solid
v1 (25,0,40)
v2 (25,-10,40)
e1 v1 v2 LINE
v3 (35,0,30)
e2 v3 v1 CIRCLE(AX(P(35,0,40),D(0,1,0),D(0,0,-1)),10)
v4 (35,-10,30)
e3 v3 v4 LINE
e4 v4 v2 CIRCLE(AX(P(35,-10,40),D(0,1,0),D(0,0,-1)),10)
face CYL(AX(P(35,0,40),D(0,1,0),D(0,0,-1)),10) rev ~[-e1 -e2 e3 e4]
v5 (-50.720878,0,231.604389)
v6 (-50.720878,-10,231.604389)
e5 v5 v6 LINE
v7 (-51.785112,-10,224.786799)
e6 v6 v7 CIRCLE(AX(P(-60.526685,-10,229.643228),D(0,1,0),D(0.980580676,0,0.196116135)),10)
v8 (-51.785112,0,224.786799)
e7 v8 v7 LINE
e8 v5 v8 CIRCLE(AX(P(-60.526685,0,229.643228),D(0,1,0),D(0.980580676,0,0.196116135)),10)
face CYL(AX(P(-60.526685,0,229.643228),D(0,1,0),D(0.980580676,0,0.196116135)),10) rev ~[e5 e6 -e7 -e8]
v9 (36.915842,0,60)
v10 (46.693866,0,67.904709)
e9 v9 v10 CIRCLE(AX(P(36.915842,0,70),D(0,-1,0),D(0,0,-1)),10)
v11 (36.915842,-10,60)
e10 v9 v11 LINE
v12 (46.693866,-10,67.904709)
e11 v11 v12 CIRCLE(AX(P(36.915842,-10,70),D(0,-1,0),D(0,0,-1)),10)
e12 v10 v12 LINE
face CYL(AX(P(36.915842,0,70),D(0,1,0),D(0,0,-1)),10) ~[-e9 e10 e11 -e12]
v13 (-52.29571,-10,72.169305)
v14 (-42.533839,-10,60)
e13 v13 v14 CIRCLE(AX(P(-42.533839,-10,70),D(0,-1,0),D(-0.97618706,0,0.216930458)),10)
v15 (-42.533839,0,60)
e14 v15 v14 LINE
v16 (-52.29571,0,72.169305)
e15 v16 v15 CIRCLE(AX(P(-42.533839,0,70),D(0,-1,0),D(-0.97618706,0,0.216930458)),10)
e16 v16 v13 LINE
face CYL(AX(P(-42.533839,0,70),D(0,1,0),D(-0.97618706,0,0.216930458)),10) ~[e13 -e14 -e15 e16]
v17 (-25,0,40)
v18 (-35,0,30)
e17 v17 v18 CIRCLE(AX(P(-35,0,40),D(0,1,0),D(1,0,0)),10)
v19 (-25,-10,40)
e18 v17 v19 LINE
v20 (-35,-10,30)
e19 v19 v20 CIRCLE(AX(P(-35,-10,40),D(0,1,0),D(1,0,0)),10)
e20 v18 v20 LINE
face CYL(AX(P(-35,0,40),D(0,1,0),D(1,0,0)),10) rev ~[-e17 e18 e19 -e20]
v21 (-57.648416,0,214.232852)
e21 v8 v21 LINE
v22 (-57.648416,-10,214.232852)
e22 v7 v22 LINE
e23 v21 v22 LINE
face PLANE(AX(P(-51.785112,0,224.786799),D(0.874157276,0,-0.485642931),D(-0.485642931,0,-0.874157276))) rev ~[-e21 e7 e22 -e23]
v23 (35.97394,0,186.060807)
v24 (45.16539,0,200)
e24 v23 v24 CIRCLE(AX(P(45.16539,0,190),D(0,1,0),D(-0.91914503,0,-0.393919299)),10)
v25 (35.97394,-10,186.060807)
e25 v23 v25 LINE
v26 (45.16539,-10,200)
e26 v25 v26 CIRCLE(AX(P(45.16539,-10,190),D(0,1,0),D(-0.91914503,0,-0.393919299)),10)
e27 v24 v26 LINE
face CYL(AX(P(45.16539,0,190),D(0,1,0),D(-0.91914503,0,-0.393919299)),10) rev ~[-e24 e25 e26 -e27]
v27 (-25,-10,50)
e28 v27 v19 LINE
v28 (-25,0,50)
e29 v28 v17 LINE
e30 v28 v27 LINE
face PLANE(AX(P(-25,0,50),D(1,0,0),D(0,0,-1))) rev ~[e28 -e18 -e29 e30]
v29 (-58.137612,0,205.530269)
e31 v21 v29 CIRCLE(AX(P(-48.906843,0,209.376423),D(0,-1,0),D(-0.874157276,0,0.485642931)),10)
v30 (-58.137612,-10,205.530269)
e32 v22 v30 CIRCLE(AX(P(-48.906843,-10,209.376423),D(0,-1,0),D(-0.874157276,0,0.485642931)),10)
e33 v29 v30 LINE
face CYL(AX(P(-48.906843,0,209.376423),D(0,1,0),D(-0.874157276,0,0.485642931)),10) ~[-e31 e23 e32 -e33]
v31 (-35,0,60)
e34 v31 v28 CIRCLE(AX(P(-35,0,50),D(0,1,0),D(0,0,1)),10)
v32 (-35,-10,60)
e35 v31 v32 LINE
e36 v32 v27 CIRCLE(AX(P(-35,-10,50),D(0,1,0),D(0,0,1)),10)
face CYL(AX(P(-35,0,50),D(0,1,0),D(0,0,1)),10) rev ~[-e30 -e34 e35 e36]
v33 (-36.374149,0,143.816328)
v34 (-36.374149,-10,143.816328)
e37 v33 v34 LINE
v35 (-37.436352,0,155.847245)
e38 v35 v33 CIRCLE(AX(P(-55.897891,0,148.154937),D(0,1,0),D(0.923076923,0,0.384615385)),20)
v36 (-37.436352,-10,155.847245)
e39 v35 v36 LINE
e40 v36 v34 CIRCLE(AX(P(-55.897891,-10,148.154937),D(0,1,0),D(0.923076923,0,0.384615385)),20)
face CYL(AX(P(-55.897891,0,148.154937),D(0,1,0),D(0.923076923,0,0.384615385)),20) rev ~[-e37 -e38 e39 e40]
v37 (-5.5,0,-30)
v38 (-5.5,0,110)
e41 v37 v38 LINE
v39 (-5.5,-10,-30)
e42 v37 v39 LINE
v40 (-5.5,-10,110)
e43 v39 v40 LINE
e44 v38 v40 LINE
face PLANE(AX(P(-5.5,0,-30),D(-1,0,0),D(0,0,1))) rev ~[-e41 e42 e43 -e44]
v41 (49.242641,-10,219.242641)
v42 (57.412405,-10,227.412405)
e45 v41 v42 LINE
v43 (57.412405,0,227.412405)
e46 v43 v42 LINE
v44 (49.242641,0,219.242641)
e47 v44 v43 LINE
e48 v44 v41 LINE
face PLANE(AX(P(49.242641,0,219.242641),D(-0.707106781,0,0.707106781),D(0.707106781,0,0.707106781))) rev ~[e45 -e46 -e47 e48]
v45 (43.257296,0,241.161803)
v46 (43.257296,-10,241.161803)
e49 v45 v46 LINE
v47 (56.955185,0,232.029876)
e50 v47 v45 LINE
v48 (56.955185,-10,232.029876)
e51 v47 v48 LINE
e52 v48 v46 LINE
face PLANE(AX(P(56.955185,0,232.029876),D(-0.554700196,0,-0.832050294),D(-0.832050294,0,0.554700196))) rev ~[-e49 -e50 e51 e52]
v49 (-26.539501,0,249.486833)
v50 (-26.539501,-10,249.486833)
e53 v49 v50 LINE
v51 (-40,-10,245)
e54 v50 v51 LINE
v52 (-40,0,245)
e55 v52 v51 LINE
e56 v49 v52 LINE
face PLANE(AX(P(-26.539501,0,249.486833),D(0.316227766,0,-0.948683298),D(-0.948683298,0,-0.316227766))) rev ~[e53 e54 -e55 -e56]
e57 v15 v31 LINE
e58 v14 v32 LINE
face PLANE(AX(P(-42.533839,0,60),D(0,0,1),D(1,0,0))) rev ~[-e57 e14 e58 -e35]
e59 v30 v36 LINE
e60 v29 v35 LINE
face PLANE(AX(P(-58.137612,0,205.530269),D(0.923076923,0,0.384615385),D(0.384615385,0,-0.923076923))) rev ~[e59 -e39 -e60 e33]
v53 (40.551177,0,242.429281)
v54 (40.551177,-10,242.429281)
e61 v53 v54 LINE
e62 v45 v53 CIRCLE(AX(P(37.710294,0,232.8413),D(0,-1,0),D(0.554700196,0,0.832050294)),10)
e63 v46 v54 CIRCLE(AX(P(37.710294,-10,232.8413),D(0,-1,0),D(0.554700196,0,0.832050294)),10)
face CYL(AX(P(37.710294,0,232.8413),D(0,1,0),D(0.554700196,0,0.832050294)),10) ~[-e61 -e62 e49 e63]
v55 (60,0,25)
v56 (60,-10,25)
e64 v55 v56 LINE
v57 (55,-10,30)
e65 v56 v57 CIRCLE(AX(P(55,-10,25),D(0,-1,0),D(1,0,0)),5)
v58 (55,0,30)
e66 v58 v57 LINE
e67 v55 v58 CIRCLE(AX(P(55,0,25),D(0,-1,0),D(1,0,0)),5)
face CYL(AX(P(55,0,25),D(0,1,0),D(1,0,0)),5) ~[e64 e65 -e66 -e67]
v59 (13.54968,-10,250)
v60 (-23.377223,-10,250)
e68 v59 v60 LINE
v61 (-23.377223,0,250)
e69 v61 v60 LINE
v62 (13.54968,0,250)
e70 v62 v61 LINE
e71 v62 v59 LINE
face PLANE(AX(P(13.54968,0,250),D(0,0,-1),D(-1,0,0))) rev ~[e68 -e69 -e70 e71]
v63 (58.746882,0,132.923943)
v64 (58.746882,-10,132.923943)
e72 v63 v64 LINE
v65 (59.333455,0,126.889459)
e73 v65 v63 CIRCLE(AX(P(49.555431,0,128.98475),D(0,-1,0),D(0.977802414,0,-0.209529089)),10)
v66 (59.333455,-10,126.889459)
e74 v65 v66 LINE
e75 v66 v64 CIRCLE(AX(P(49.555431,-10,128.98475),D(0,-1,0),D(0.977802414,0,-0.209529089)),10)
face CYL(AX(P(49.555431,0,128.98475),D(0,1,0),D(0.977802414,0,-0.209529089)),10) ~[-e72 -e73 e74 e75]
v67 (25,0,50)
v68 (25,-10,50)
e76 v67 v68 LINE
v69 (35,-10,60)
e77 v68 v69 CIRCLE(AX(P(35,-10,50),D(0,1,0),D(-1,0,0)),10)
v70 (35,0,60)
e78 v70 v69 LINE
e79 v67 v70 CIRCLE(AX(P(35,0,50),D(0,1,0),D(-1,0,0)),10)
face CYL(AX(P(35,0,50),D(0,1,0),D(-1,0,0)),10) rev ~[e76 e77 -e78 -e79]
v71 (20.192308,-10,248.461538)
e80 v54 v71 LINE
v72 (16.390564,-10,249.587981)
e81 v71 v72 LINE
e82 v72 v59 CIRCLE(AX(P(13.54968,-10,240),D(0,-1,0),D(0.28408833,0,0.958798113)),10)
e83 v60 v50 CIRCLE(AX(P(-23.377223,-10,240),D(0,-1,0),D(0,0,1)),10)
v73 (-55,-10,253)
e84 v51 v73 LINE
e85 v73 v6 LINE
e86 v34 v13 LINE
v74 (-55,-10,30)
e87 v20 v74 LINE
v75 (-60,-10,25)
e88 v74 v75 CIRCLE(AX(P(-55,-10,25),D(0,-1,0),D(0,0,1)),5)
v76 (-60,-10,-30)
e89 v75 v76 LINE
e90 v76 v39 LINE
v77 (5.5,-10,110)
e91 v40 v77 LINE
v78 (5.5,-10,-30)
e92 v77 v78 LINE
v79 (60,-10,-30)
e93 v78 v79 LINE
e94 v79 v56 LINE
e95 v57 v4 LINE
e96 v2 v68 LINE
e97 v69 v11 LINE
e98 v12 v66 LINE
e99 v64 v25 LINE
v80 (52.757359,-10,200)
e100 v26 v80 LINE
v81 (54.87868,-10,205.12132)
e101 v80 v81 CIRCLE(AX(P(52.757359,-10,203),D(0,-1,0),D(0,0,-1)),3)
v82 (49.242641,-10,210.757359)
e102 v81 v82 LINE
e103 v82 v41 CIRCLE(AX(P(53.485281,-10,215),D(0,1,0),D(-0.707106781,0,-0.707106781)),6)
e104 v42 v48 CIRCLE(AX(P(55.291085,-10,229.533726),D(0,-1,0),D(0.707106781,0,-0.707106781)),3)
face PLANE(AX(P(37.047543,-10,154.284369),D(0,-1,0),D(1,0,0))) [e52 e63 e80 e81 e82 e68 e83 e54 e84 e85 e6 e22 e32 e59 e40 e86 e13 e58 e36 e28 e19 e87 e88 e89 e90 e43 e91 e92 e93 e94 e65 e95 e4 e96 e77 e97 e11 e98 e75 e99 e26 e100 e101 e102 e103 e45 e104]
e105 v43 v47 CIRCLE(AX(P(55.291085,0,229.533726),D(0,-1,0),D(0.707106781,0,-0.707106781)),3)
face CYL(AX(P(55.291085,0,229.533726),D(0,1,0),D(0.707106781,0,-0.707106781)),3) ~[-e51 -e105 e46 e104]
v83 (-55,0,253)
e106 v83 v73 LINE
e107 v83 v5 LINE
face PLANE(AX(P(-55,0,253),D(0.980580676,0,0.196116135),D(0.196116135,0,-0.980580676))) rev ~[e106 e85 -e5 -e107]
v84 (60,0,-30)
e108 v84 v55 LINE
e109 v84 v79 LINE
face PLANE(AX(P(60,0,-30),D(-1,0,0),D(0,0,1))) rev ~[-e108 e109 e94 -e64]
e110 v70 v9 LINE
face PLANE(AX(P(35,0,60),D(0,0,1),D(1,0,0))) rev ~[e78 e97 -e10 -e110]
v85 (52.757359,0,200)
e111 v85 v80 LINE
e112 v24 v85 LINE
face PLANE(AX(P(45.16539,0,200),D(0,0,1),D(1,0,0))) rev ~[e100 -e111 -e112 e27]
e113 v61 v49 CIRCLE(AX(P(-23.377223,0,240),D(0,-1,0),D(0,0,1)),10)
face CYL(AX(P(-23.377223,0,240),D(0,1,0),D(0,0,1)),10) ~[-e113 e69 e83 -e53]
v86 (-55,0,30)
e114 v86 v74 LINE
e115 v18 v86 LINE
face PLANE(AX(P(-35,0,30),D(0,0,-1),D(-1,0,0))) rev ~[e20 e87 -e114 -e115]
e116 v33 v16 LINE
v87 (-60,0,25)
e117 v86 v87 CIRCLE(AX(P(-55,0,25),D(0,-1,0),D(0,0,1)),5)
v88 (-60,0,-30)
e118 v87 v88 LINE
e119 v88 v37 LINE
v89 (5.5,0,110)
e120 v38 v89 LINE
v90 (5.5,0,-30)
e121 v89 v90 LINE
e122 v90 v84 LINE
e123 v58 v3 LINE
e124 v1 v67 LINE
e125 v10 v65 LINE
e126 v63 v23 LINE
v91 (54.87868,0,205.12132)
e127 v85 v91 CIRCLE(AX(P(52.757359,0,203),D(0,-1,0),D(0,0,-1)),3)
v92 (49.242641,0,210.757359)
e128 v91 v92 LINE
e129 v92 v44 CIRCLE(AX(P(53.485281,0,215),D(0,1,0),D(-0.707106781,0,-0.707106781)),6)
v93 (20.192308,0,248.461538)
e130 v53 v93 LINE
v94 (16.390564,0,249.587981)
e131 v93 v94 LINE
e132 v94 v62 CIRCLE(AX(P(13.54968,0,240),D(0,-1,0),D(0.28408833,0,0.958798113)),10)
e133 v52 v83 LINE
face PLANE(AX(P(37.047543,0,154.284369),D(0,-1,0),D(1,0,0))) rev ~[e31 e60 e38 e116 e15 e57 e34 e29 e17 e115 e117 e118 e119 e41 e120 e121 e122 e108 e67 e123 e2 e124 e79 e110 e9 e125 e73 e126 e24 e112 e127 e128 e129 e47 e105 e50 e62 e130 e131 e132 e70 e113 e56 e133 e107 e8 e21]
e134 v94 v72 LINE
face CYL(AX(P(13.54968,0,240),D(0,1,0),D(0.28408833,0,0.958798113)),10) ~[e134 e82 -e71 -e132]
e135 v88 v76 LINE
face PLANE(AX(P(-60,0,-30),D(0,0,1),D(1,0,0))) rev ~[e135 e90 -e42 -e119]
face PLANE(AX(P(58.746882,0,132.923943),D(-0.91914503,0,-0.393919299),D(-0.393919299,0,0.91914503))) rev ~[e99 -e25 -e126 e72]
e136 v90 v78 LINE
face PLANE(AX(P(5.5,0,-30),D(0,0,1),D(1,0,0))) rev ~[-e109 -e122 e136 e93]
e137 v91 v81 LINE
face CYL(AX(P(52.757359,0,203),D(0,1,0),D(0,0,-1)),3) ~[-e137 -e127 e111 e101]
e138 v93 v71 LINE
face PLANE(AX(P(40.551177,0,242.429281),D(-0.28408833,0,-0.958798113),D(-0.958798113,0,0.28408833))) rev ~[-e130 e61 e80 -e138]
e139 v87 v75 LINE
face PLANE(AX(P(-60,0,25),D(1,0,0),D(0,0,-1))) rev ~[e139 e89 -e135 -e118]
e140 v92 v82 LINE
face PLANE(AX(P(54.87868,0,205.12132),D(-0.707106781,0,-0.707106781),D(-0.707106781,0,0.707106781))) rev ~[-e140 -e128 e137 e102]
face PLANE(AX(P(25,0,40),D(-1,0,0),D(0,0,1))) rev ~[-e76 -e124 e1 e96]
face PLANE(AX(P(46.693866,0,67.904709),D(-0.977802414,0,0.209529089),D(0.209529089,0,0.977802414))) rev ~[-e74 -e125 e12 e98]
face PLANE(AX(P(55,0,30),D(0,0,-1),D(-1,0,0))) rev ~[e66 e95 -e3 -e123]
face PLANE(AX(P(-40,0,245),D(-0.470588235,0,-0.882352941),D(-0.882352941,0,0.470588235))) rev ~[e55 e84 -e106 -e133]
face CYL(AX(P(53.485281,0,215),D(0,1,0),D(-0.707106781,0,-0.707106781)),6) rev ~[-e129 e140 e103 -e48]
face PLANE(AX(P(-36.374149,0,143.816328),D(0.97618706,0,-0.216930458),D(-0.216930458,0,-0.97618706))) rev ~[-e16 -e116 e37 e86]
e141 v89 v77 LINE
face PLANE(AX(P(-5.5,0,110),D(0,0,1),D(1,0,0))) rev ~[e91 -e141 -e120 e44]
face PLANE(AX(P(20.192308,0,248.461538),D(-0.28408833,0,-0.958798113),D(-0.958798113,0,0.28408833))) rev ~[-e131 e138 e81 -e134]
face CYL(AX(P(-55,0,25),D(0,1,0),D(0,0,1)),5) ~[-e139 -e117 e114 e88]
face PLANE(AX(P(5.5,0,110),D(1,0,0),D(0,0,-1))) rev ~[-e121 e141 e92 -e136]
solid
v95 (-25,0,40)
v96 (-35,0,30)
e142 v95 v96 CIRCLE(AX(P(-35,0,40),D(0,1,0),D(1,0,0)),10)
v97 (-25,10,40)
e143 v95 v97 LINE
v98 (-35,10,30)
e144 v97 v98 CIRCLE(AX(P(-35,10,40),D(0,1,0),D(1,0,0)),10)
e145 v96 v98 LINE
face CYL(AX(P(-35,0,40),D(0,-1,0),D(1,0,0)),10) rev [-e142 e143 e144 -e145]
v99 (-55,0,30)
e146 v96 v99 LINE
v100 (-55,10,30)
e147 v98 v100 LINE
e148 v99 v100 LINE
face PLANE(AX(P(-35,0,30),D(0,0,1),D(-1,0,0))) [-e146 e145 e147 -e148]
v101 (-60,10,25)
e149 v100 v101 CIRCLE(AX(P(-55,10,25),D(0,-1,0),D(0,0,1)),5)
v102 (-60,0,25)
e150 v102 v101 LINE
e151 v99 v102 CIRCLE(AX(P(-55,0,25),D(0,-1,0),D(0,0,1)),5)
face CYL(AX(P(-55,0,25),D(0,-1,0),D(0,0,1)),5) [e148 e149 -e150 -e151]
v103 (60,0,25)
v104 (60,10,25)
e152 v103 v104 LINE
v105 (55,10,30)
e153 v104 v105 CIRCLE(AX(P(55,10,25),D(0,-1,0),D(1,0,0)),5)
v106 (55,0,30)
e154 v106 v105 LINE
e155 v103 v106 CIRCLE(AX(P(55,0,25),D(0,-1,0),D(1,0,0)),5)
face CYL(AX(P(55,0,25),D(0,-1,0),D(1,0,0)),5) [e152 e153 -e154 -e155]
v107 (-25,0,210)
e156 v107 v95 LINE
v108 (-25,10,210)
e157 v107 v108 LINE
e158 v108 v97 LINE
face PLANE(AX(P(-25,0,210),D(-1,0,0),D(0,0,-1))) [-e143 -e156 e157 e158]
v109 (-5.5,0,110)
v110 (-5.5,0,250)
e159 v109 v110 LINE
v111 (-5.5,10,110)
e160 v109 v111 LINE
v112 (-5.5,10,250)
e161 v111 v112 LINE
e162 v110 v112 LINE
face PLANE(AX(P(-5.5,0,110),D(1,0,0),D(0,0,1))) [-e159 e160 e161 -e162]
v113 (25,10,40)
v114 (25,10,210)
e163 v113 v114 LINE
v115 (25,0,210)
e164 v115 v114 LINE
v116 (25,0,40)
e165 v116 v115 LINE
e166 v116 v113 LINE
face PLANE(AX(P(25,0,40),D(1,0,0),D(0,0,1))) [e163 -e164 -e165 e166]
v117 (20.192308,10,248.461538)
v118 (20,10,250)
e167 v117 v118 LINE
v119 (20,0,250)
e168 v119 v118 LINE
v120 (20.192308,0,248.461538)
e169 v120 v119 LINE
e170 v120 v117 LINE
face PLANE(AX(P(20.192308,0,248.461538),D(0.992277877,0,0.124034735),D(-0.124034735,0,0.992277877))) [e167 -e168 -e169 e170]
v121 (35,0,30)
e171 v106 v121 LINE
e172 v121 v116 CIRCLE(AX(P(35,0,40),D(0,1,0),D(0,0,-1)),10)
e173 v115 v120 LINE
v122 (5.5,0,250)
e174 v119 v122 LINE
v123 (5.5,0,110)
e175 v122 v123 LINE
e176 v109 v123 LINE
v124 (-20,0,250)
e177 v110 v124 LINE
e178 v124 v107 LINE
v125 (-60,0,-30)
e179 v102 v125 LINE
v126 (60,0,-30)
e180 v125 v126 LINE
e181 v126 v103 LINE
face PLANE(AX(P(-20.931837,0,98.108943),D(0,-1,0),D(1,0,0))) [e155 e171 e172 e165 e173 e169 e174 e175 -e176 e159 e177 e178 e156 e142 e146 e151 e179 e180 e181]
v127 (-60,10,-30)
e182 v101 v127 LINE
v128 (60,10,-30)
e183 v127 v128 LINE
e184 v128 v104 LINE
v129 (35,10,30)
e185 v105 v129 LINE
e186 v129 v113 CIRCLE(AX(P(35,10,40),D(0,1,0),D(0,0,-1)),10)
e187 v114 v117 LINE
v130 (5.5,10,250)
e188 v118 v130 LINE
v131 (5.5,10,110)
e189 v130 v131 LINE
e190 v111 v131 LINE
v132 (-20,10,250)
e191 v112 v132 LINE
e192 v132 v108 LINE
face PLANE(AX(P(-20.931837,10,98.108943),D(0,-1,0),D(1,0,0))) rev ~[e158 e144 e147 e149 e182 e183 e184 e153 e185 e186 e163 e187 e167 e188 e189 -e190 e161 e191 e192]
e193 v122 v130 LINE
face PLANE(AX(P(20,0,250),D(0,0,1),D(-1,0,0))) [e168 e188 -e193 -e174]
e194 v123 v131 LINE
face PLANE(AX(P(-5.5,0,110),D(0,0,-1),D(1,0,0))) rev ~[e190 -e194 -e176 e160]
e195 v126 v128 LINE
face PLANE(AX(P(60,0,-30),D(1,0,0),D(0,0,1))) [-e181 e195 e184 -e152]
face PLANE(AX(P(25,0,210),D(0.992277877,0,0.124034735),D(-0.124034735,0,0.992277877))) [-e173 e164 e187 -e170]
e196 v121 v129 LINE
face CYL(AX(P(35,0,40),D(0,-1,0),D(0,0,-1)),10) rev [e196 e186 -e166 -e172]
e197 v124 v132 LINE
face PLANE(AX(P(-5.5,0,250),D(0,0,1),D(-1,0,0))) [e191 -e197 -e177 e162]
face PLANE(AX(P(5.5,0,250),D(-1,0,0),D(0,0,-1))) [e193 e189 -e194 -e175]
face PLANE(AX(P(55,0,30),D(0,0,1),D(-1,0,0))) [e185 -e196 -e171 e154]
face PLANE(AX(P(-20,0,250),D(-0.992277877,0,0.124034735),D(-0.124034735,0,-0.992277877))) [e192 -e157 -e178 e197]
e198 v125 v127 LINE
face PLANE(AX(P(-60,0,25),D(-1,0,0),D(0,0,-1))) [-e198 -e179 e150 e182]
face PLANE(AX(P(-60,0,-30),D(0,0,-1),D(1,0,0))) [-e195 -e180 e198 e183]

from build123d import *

# Parameters (mm, degrees)
F0_W     = 11
F0_H     = 140
F1_DEPTH = 10
F2_DEPTH = 10


with BuildPart() as f1:
    # F0 (on Front) → F1 (new body)
    with BuildSketch(Plane.XZ):
        with BuildLine():
            Line((25, 210), (25, 50))
            ThreePointArc((25, 50), (27.9289321881, 57.0710678119), (35, 60))
            Line((35, 60), (36.9158420977, 60))
            ThreePointArc((36.9158420977, 60), (43.202617548, 62.2233391204), (46.6938662384, 67.9047091127))
            Line((46.6938662384, 67.9047091127), (59.3334554888, 126.8894589477))
            ThreePointArc((59.3334554888, 126.8894589477), (59.5085207702, 129.9522264264), (58.7468816482, 132.9239428208))
            Line((58.7468816482, 132.9239428208), (35.9739398511, 186.0608070142))
            ThreePointArc((35.9739398511, 186.0608070142), (36.8169792289, 195.5049100875), (45.1653901512, 200))
            Line((45.1653901512, 200), (52.7573593129, 200))
            ThreePointArc((52.7573593129, 200), (55.5289979104, 201.8519497029), (54.8786796564, 205.1213203436))
            Line((54.8786796564, 205.1213203436), (49.2426406871, 210.7573593129))
            ThreePointArc((49.2426406871, 210.7573593129), (47.4852813742, 215), (49.2426406871, 219.2426406871))
            Line((49.2426406871, 219.2426406871), (57.412405166, 227.412405166))
            ThreePointArc((57.412405166, 227.412405166), (58.2764848025, 229.8293383635), (56.9551854111, 232.0298763926))
            Line((56.9551854111, 232.0298763926), (43.2572961637, 241.1618025575))
            ThreePointArc((43.2572961637, 241.1618025575), (41.951848164, 241.8971938264), (40.5511774984, 242.4292807412))
            Line((40.5511774984, 242.4292807412), (20.1923076923, 248.4615384615))
            Line((20.1923076923, 248.4615384615), (25, 210))
        make_face()
        with BuildLine():
            Line((-25, 210), (-20, 250))
            Line((-20, 250), (-23.3772233983, 250))
            ThreePointArc((-23.3772233983, 250), (-24.9790458284, 249.8708745764), (-26.5395010585, 249.4868329805))
            Line((-26.5395010585, 249.4868329805), (-40, 245))
            Line((-40, 245), (-55, 253))
            Line((-55, 253), (-50.7208778634, 231.6043893169))
            ThreePointArc((-50.7208778634, 231.6043893169), (-50.6463401243, 228.1008944607), (-51.7851118591, 224.7867986537))
            Line((-51.7851118591, 224.7867986537), (-57.6484155512, 214.2328520078))
            ThreePointArc((-57.6484155512, 214.2328520078), (-58.8910807466, 209.9376645562), (-58.1376120208, 205.5302688499))
            Line((-58.1376120208, 205.5302688499), (-37.4363520563, 155.8472449351))
            ThreePointArc((-37.4363520563, 155.8472449351), (-35.9753879675, 149.9138835563), (-36.3741493141, 143.8163280864))
            Line((-36.3741493141, 143.8163280864), (-52.2957100937, 72.1693045782))
            ThreePointArc((-52.2957100937, 72.1693045782), (-50.3342576147, 63.7427260641), (-42.5338394919, 60))
            Line((-42.5338394919, 60), (-35, 60))
            ThreePointArc((-35, 60), (-27.9289321881, 57.0710678119), (-25, 50))
            Line((-25, 50), (-25, 210))
        make_face()
        with BuildLine():
            Line((-60, -30), (-5.5, -30))
            Line((-5.5, -30), (-5.5, 110))
            Line((-5.5, 110), (-5.5, 250))
            Line((-5.5, 250), (-20, 250))
            Line((-20, 250), (-25, 210))
            Line((-25, 210), (-25, 50))
            Line((-25, 50), (-25, 40))
            ThreePointArc((-25, 40), (-27.9289321881, 32.9289321881), (-35, 30))
            Line((-35, 30), (-55, 30))
            ThreePointArc((-55, 30), (-58.5355339059, 28.5355339059), (-60, 25))
            Line((-60, 25), (-60, -30))
        make_face()
        with Locations((0, 180)):
            Rectangle(F0_W, F0_H)
        with BuildLine():
            ThreePointArc((60, 25), (58.5355339059, 28.5355339059), (55, 30))
            Line((55, 30), (35, 30))
            ThreePointArc((35, 30), (27.9289321881, 32.9289321881), (25, 40))
            Line((25, 40), (25, 50))
            Line((25, 50), (25, 210))
            Line((25, 210), (20.1923076923, 248.4615384615))
            Line((20.1923076923, 248.4615384615), (16.3905636961, 249.5879811271))
            ThreePointArc((16.3905636961, 249.5879811271), (14.9849832817, 249.8964592474), (13.5496803992, 250))
            Line((13.5496803992, 250), (5.5, 250))
            Line((5.5, 250), (5.5, 110))
            Line((5.5, 110), (5.5, -30))
            Line((5.5, -30), (60, -30))
            Line((60, -30), (60, 25))
        make_face()
    extrude(amount=F1_DEPTH)


with BuildPart() as f2:
    # F0 (on Front) → F2 (new body)
    with BuildSketch(Plane.XZ):
        with BuildLine():
            Line((-60, -30), (-5.5, -30))
            Line((-5.5, -30), (-5.5, 110))
            Line((-5.5, 110), (-5.5, 250))
            Line((-5.5, 250), (-20, 250))
            Line((-20, 250), (-25, 210))
            Line((-25, 210), (-25, 50))
            Line((-25, 50), (-25, 40))
            ThreePointArc((-25, 40), (-27.9289321881, 32.9289321881), (-35, 30))
            Line((-35, 30), (-55, 30))
            ThreePointArc((-55, 30), (-58.5355339059, 28.5355339059), (-60, 25))
            Line((-60, 25), (-60, -30))
        make_face()
        with BuildLine():
            ThreePointArc((60, 25), (58.5355339059, 28.5355339059), (55, 30))
            Line((55, 30), (35, 30))
            ThreePointArc((35, 30), (27.9289321881, 32.9289321881), (25, 40))
            Line((25, 40), (25, 50))
            Line((25, 50), (25, 210))
            Line((25, 210), (20.1923076923, 248.4615384615))
            Line((20.1923076923, 248.4615384615), (16.3905636961, 249.5879811271))
            ThreePointArc((16.3905636961, 249.5879811271), (14.9849832817, 249.8964592474), (13.5496803992, 250))
            Line((13.5496803992, 250), (5.5, 250))
            Line((5.5, 250), (5.5, 110))
            Line((5.5, 110), (5.5, -30))
            Line((5.5, -30), (60, -30))
            Line((60, -30), (60, 25))
        make_face()
        with Locations((0, 40)):
            Rectangle(F0_W, F0_H)
        with BuildLine():
            Line((16.3905636961, 249.5879811271), (20.1923076923, 248.4615384615))
            Line((20.1923076923, 248.4615384615), (20, 250))
            Line((20, 250), (13.5496803992, 250))
            ThreePointArc((13.5496803992, 250), (14.9849832817, 249.8964592474), (16.3905636961, 249.5879811271))
        make_face()
    extrude(amount=-F2_DEPTH)


solid = Compound([f1.part, f2.part])
